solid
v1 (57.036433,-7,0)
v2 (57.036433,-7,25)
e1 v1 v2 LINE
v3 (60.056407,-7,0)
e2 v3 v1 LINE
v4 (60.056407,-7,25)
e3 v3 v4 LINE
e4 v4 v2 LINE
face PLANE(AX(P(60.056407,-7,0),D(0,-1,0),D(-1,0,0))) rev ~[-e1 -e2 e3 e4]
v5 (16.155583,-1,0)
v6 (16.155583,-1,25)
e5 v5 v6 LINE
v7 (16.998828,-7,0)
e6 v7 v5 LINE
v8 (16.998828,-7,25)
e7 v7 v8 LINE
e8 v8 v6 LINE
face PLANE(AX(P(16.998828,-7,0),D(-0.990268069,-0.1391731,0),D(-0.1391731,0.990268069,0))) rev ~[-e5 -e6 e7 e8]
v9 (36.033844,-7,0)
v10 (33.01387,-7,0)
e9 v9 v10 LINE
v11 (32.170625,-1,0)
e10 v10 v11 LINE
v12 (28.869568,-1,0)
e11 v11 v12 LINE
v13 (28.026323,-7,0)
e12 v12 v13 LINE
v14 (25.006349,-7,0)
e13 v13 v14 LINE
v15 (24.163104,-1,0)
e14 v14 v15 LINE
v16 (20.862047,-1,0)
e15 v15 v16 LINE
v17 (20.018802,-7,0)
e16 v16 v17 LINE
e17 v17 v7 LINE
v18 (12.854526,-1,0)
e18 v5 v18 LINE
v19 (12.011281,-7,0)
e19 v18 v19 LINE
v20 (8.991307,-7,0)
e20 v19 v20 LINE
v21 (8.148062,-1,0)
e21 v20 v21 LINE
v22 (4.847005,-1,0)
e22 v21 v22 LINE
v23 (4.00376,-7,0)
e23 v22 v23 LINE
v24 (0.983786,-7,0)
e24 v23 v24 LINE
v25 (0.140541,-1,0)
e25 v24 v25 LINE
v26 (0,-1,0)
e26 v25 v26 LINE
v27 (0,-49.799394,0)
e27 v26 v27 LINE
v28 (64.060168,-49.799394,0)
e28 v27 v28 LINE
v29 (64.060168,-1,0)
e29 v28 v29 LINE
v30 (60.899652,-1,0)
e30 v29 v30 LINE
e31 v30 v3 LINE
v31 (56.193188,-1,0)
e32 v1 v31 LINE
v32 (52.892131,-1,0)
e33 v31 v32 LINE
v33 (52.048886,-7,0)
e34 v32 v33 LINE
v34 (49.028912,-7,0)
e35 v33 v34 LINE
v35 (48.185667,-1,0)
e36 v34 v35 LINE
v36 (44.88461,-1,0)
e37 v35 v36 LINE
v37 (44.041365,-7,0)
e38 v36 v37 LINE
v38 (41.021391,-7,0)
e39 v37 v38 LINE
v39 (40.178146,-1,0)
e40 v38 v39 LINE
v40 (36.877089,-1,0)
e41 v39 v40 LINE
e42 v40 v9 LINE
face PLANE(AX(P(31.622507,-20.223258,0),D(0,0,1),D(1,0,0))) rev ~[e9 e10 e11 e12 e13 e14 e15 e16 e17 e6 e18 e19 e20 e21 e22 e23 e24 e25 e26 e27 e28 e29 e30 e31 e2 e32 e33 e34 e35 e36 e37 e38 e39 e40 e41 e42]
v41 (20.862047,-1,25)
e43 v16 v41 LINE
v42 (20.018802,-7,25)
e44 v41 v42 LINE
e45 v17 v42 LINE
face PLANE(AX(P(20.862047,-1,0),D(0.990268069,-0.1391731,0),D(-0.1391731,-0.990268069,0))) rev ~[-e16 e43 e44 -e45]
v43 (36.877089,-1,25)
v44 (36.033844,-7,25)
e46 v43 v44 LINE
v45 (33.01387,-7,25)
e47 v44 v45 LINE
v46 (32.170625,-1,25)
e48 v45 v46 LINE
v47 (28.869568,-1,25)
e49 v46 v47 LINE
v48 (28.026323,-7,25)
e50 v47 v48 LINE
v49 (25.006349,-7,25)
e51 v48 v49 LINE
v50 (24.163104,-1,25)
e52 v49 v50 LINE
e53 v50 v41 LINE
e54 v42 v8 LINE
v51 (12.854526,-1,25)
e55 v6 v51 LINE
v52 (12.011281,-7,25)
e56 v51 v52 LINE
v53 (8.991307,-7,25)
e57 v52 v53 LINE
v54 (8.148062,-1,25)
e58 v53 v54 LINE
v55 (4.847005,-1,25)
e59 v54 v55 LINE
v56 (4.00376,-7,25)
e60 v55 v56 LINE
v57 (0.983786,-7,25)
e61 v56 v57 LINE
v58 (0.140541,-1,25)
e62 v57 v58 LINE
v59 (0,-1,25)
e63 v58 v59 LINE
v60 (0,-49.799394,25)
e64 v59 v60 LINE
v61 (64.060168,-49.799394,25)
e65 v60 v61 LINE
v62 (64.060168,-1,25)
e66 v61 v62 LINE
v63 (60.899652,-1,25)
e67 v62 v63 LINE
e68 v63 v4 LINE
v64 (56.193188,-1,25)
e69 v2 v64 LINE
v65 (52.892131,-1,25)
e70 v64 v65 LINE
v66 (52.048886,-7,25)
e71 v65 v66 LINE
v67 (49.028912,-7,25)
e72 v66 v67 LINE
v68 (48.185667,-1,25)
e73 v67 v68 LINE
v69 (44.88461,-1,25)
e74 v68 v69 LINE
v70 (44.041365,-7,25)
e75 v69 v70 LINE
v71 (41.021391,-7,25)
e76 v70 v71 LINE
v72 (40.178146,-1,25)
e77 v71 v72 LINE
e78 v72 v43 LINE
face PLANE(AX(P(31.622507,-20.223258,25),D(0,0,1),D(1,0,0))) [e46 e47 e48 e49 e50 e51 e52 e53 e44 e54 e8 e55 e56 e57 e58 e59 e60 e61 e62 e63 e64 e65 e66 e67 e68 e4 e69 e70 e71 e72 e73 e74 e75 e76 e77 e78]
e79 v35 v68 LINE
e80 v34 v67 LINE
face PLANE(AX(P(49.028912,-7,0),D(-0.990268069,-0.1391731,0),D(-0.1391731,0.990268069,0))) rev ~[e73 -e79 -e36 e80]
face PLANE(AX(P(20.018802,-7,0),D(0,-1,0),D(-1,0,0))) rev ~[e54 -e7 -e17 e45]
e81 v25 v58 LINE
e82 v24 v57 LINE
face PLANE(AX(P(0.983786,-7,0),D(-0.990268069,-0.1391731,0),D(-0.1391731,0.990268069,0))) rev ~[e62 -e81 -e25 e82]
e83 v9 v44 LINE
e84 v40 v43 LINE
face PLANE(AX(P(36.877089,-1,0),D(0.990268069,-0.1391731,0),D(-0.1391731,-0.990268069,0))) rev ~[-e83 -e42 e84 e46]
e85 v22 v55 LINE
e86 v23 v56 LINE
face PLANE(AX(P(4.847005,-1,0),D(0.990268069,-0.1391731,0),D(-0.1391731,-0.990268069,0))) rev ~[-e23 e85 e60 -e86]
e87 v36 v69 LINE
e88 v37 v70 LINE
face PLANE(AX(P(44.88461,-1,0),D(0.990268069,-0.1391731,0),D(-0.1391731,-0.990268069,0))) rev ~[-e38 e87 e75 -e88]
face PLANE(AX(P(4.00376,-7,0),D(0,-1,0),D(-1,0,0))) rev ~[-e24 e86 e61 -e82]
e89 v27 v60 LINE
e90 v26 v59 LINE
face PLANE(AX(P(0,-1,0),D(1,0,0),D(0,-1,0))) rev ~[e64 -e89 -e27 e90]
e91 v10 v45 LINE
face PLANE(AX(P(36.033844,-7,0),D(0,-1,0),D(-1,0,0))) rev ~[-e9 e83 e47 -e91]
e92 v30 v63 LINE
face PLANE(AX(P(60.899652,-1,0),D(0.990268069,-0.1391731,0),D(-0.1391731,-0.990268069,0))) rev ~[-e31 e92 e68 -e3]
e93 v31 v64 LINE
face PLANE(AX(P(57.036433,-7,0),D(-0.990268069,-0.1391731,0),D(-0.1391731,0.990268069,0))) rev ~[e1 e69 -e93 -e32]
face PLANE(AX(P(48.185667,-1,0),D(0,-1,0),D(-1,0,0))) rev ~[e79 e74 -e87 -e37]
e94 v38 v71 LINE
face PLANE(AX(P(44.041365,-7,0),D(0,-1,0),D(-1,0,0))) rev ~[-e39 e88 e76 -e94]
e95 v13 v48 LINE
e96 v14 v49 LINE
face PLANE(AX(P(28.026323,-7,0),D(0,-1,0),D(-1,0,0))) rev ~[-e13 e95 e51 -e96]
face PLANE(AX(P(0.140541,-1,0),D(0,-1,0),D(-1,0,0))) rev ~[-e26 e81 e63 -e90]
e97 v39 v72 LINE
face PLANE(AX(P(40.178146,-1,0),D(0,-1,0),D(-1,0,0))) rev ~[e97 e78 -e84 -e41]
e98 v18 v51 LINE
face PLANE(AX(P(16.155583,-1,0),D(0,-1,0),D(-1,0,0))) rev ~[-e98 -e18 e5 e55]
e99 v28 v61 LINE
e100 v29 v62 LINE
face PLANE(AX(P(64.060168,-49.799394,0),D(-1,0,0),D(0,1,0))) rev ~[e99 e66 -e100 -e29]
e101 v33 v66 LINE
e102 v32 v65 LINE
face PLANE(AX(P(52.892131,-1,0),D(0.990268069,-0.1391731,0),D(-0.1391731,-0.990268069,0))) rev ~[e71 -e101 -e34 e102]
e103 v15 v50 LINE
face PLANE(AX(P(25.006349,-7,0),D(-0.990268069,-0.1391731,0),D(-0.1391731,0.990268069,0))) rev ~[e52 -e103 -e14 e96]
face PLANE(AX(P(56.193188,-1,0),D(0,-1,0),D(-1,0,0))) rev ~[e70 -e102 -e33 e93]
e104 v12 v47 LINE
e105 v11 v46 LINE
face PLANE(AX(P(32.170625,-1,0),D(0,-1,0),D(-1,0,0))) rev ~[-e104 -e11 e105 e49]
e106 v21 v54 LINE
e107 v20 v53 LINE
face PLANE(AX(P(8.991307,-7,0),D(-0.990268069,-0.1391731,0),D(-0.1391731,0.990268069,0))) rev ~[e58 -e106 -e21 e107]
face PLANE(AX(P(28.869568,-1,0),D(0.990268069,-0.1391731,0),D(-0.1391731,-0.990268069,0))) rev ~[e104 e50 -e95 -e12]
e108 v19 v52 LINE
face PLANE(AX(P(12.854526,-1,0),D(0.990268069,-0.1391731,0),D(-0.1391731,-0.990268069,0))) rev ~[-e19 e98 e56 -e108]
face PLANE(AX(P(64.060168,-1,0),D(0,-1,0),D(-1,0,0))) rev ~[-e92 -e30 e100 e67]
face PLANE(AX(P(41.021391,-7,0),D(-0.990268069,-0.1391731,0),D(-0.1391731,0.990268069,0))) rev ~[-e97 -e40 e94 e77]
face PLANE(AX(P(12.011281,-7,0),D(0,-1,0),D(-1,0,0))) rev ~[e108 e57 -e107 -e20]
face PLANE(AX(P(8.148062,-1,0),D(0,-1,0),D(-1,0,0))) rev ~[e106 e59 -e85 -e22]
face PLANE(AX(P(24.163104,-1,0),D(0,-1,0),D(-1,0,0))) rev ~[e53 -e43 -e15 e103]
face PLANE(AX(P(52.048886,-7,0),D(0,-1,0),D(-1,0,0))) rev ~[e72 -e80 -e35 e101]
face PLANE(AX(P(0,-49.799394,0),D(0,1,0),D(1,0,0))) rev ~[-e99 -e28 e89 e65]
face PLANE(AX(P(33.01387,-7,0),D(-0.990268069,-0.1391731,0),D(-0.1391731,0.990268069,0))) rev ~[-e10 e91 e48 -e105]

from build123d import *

# Parameters (mm, degrees)
F1_DEPTH = 25


with BuildPart() as f1:
    # F0 (on Top) → F1 (new body)
    with BuildSketch(Plane.XY):
        Polygon((0.140541, -1), (0, -1), (0, -6.884266), (0, -49.799394), (64.060168, -49.799394), (64.060168, -1), (60.899652, -1), (60.056407, -7), (57.036433, -7), (56.193188, -1), (52.892131, -1), (52.048886, -7), (49.028912, -7), (48.185667, -1), (44.88461, -1), (44.041365, -7), (41.021391, -7), (40.178146, -1), (36.877089, -1), (36.033844, -7), (33.01387, -7), (32.170625, -1), (28.869568, -1), (28.026323, -7), (25.006349, -7), (24.163104, -1), (20.862047, -1), (20.018802, -7), (16.998828, -7), (16.155583, -1), (12.854526, -1), (12.011281, -7), (8.991307, -7), (8.148062, -1), (4.847005, -1), (4.00376, -7), (0.983786, -7), align=None)
    extrude(amount=F1_DEPTH)


solid = f1.part
